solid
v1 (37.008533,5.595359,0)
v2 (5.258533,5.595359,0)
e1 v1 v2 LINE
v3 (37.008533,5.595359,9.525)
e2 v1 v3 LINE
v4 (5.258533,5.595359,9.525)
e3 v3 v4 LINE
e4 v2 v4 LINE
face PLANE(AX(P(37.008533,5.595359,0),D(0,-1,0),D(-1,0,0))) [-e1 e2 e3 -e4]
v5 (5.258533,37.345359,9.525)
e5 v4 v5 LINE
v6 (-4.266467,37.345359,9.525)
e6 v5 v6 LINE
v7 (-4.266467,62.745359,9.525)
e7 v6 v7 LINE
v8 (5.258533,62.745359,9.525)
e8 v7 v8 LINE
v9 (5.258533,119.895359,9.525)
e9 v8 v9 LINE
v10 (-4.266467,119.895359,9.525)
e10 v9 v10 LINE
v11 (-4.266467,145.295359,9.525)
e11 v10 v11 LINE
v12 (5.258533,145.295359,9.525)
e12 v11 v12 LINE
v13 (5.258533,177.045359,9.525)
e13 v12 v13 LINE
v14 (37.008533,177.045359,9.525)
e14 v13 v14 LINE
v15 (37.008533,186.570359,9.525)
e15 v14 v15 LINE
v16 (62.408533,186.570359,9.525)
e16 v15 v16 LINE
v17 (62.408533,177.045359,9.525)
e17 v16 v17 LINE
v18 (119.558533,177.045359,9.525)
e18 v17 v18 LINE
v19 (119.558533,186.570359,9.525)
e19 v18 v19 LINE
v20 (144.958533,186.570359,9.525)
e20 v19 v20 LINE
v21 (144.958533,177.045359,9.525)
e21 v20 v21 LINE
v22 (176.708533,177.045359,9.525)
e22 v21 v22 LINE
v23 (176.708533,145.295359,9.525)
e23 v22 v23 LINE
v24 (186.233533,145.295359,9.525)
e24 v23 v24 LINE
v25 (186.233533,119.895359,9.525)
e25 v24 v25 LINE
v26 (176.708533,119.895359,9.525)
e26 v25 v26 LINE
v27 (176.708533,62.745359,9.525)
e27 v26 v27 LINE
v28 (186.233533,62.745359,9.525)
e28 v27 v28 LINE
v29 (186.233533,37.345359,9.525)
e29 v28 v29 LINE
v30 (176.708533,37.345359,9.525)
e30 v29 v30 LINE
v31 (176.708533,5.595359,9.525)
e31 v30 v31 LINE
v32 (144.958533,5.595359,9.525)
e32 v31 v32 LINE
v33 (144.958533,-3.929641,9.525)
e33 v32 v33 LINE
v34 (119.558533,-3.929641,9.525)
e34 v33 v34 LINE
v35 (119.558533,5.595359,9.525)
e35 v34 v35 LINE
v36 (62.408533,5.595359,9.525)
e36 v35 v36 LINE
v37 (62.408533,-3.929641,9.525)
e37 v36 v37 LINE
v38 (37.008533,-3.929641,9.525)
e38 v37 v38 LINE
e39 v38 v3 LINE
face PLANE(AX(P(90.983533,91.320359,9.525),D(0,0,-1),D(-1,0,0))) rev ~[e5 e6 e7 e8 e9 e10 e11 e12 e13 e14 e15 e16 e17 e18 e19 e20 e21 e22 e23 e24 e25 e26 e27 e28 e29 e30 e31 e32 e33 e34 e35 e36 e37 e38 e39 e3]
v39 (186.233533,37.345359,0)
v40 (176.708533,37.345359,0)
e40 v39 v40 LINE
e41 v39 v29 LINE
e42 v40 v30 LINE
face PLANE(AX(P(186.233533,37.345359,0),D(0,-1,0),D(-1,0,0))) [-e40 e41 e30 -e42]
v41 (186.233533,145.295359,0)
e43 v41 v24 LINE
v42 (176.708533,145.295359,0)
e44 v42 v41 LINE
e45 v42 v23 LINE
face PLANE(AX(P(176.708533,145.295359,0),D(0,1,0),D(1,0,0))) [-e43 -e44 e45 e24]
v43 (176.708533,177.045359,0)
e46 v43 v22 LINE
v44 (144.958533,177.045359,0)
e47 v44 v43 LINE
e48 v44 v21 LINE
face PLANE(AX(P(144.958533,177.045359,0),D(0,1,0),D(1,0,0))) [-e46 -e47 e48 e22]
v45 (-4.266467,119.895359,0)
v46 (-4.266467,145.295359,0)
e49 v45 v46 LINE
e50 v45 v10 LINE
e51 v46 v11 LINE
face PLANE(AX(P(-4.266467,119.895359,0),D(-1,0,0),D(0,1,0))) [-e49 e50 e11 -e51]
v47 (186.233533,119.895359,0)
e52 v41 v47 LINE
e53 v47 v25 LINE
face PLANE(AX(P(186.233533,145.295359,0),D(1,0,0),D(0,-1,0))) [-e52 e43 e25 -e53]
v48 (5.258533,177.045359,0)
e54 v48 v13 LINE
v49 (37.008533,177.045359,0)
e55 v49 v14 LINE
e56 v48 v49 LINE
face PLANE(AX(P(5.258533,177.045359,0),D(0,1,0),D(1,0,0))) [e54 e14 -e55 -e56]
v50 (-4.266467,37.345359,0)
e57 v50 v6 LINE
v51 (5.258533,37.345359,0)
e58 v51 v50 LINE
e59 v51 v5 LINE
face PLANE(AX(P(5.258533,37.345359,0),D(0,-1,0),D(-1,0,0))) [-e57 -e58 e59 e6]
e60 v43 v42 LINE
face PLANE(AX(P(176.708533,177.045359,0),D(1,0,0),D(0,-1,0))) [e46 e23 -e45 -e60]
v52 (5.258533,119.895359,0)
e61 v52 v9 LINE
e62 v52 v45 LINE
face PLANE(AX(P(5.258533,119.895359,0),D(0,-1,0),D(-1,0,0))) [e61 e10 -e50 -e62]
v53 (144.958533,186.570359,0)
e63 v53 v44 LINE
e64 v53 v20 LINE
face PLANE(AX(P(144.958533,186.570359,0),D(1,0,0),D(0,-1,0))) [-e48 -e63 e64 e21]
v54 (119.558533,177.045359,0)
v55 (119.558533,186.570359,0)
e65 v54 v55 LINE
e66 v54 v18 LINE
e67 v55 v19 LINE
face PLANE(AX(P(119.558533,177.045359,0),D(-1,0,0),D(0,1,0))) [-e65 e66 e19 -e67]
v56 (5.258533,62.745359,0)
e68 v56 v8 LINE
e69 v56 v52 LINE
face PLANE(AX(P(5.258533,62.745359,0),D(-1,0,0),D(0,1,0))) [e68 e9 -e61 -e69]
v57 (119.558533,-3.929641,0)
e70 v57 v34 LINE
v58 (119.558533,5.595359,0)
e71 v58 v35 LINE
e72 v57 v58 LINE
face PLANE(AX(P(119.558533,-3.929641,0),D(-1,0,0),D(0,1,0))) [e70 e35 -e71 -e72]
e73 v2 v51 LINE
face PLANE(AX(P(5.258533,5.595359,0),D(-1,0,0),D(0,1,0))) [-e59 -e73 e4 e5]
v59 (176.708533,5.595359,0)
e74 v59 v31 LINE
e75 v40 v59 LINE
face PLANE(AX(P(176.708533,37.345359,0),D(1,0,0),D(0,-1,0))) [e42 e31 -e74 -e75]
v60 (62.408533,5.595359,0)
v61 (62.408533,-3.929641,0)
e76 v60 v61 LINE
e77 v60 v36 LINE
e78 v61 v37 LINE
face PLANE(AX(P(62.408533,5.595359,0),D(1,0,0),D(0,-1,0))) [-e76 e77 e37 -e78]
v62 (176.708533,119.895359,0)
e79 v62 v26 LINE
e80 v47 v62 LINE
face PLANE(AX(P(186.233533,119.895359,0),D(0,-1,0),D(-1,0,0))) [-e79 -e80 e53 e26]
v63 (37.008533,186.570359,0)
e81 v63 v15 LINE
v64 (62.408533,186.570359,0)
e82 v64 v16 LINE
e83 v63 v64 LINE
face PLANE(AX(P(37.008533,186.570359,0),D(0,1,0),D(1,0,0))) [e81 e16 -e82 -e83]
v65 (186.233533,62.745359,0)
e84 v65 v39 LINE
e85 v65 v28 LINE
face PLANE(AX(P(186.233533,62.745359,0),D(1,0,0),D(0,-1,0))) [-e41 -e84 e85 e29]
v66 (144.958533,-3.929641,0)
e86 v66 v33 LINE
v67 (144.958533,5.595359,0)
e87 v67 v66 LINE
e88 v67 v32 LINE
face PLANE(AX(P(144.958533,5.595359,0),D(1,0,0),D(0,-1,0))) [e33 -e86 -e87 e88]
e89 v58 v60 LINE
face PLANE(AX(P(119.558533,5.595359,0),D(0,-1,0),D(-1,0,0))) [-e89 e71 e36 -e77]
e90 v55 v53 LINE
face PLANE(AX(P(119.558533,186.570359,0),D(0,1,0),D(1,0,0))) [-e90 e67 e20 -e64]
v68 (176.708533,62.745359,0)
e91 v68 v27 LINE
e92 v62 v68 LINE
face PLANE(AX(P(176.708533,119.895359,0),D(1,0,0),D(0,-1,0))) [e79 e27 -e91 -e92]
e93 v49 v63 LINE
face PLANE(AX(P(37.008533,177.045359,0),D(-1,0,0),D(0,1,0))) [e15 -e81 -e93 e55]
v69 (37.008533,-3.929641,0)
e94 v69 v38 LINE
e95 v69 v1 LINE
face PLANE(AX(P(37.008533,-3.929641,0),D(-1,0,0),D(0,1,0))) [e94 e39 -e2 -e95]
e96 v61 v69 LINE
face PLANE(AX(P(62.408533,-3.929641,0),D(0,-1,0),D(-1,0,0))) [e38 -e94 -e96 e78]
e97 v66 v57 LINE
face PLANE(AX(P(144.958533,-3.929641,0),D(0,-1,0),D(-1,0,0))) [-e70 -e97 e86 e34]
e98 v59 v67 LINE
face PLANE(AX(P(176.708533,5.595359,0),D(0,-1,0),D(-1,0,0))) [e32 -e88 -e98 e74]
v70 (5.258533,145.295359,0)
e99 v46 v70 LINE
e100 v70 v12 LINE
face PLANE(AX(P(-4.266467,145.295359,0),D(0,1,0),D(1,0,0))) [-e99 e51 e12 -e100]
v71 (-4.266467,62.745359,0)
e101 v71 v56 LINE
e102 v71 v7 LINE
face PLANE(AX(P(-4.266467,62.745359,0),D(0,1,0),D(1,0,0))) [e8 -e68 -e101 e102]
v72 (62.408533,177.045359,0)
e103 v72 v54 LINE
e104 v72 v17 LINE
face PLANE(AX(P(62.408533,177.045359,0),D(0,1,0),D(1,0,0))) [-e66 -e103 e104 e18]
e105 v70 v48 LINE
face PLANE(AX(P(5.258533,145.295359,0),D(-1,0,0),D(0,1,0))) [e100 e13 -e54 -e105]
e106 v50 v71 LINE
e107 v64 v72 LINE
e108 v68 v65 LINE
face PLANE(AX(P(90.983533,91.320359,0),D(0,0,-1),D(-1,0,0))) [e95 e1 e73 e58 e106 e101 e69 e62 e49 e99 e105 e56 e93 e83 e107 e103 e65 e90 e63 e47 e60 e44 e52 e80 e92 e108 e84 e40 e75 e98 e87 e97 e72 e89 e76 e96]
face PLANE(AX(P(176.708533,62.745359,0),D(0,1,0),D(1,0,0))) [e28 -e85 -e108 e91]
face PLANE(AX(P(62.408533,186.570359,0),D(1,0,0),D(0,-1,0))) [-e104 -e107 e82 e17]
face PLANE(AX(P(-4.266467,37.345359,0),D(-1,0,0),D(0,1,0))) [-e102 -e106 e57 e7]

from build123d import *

# Parameters (mm, degrees)
BOSS_EXTRUDE1_DEPTH = 9.525


with BuildPart() as part:
    # Sketch1 → Boss-Extrude1 (new body)
    with BuildSketch(Plane.XY):
        Polygon((119.558532934, 186.570359281), (144.958532934, 186.570359281), (144.958532934, 177.045359281), (176.708532934, 177.045359281), (176.708532934, 145.295359281), (186.233532934, 145.295359281), (186.233532934, 119.895359281), (176.708532934, 119.895359281), (176.708532934, 62.745359281), (186.233532934, 62.745359281), (186.233532934, 37.345359281), (176.708532934, 37.345359281), (176.708532934, 5.595359281), (144.958532934, 5.595359281), (144.958532934, -3.929640719), (119.558532934, -3.929640719), (119.558532934, 5.595359281), (62.408532934, 5.595359281), (62.408532934, -3.929640719), (37.008532934, -3.929640719), (37.008532934, 5.595359281), (5.258532934, 5.595359281), (5.258532934, 37.345359281), (-4.266467066, 37.345359281), (-4.266467066, 62.745359281), (5.258532934, 62.745359281), (5.258532934, 119.895359281), (-4.266467066, 119.895359281), (-4.266467066, 145.295359281), (5.258532934, 145.295359281), (5.258532934, 177.045359281), (37.008532934, 177.045359281), (37.008532934, 186.570359281), (62.408532934, 186.570359281), (62.408532934, 177.045359281), (119.558532934, 177.045359281), align=None)
    extrude(amount=BOSS_EXTRUDE1_DEPTH)


solid = part.part
